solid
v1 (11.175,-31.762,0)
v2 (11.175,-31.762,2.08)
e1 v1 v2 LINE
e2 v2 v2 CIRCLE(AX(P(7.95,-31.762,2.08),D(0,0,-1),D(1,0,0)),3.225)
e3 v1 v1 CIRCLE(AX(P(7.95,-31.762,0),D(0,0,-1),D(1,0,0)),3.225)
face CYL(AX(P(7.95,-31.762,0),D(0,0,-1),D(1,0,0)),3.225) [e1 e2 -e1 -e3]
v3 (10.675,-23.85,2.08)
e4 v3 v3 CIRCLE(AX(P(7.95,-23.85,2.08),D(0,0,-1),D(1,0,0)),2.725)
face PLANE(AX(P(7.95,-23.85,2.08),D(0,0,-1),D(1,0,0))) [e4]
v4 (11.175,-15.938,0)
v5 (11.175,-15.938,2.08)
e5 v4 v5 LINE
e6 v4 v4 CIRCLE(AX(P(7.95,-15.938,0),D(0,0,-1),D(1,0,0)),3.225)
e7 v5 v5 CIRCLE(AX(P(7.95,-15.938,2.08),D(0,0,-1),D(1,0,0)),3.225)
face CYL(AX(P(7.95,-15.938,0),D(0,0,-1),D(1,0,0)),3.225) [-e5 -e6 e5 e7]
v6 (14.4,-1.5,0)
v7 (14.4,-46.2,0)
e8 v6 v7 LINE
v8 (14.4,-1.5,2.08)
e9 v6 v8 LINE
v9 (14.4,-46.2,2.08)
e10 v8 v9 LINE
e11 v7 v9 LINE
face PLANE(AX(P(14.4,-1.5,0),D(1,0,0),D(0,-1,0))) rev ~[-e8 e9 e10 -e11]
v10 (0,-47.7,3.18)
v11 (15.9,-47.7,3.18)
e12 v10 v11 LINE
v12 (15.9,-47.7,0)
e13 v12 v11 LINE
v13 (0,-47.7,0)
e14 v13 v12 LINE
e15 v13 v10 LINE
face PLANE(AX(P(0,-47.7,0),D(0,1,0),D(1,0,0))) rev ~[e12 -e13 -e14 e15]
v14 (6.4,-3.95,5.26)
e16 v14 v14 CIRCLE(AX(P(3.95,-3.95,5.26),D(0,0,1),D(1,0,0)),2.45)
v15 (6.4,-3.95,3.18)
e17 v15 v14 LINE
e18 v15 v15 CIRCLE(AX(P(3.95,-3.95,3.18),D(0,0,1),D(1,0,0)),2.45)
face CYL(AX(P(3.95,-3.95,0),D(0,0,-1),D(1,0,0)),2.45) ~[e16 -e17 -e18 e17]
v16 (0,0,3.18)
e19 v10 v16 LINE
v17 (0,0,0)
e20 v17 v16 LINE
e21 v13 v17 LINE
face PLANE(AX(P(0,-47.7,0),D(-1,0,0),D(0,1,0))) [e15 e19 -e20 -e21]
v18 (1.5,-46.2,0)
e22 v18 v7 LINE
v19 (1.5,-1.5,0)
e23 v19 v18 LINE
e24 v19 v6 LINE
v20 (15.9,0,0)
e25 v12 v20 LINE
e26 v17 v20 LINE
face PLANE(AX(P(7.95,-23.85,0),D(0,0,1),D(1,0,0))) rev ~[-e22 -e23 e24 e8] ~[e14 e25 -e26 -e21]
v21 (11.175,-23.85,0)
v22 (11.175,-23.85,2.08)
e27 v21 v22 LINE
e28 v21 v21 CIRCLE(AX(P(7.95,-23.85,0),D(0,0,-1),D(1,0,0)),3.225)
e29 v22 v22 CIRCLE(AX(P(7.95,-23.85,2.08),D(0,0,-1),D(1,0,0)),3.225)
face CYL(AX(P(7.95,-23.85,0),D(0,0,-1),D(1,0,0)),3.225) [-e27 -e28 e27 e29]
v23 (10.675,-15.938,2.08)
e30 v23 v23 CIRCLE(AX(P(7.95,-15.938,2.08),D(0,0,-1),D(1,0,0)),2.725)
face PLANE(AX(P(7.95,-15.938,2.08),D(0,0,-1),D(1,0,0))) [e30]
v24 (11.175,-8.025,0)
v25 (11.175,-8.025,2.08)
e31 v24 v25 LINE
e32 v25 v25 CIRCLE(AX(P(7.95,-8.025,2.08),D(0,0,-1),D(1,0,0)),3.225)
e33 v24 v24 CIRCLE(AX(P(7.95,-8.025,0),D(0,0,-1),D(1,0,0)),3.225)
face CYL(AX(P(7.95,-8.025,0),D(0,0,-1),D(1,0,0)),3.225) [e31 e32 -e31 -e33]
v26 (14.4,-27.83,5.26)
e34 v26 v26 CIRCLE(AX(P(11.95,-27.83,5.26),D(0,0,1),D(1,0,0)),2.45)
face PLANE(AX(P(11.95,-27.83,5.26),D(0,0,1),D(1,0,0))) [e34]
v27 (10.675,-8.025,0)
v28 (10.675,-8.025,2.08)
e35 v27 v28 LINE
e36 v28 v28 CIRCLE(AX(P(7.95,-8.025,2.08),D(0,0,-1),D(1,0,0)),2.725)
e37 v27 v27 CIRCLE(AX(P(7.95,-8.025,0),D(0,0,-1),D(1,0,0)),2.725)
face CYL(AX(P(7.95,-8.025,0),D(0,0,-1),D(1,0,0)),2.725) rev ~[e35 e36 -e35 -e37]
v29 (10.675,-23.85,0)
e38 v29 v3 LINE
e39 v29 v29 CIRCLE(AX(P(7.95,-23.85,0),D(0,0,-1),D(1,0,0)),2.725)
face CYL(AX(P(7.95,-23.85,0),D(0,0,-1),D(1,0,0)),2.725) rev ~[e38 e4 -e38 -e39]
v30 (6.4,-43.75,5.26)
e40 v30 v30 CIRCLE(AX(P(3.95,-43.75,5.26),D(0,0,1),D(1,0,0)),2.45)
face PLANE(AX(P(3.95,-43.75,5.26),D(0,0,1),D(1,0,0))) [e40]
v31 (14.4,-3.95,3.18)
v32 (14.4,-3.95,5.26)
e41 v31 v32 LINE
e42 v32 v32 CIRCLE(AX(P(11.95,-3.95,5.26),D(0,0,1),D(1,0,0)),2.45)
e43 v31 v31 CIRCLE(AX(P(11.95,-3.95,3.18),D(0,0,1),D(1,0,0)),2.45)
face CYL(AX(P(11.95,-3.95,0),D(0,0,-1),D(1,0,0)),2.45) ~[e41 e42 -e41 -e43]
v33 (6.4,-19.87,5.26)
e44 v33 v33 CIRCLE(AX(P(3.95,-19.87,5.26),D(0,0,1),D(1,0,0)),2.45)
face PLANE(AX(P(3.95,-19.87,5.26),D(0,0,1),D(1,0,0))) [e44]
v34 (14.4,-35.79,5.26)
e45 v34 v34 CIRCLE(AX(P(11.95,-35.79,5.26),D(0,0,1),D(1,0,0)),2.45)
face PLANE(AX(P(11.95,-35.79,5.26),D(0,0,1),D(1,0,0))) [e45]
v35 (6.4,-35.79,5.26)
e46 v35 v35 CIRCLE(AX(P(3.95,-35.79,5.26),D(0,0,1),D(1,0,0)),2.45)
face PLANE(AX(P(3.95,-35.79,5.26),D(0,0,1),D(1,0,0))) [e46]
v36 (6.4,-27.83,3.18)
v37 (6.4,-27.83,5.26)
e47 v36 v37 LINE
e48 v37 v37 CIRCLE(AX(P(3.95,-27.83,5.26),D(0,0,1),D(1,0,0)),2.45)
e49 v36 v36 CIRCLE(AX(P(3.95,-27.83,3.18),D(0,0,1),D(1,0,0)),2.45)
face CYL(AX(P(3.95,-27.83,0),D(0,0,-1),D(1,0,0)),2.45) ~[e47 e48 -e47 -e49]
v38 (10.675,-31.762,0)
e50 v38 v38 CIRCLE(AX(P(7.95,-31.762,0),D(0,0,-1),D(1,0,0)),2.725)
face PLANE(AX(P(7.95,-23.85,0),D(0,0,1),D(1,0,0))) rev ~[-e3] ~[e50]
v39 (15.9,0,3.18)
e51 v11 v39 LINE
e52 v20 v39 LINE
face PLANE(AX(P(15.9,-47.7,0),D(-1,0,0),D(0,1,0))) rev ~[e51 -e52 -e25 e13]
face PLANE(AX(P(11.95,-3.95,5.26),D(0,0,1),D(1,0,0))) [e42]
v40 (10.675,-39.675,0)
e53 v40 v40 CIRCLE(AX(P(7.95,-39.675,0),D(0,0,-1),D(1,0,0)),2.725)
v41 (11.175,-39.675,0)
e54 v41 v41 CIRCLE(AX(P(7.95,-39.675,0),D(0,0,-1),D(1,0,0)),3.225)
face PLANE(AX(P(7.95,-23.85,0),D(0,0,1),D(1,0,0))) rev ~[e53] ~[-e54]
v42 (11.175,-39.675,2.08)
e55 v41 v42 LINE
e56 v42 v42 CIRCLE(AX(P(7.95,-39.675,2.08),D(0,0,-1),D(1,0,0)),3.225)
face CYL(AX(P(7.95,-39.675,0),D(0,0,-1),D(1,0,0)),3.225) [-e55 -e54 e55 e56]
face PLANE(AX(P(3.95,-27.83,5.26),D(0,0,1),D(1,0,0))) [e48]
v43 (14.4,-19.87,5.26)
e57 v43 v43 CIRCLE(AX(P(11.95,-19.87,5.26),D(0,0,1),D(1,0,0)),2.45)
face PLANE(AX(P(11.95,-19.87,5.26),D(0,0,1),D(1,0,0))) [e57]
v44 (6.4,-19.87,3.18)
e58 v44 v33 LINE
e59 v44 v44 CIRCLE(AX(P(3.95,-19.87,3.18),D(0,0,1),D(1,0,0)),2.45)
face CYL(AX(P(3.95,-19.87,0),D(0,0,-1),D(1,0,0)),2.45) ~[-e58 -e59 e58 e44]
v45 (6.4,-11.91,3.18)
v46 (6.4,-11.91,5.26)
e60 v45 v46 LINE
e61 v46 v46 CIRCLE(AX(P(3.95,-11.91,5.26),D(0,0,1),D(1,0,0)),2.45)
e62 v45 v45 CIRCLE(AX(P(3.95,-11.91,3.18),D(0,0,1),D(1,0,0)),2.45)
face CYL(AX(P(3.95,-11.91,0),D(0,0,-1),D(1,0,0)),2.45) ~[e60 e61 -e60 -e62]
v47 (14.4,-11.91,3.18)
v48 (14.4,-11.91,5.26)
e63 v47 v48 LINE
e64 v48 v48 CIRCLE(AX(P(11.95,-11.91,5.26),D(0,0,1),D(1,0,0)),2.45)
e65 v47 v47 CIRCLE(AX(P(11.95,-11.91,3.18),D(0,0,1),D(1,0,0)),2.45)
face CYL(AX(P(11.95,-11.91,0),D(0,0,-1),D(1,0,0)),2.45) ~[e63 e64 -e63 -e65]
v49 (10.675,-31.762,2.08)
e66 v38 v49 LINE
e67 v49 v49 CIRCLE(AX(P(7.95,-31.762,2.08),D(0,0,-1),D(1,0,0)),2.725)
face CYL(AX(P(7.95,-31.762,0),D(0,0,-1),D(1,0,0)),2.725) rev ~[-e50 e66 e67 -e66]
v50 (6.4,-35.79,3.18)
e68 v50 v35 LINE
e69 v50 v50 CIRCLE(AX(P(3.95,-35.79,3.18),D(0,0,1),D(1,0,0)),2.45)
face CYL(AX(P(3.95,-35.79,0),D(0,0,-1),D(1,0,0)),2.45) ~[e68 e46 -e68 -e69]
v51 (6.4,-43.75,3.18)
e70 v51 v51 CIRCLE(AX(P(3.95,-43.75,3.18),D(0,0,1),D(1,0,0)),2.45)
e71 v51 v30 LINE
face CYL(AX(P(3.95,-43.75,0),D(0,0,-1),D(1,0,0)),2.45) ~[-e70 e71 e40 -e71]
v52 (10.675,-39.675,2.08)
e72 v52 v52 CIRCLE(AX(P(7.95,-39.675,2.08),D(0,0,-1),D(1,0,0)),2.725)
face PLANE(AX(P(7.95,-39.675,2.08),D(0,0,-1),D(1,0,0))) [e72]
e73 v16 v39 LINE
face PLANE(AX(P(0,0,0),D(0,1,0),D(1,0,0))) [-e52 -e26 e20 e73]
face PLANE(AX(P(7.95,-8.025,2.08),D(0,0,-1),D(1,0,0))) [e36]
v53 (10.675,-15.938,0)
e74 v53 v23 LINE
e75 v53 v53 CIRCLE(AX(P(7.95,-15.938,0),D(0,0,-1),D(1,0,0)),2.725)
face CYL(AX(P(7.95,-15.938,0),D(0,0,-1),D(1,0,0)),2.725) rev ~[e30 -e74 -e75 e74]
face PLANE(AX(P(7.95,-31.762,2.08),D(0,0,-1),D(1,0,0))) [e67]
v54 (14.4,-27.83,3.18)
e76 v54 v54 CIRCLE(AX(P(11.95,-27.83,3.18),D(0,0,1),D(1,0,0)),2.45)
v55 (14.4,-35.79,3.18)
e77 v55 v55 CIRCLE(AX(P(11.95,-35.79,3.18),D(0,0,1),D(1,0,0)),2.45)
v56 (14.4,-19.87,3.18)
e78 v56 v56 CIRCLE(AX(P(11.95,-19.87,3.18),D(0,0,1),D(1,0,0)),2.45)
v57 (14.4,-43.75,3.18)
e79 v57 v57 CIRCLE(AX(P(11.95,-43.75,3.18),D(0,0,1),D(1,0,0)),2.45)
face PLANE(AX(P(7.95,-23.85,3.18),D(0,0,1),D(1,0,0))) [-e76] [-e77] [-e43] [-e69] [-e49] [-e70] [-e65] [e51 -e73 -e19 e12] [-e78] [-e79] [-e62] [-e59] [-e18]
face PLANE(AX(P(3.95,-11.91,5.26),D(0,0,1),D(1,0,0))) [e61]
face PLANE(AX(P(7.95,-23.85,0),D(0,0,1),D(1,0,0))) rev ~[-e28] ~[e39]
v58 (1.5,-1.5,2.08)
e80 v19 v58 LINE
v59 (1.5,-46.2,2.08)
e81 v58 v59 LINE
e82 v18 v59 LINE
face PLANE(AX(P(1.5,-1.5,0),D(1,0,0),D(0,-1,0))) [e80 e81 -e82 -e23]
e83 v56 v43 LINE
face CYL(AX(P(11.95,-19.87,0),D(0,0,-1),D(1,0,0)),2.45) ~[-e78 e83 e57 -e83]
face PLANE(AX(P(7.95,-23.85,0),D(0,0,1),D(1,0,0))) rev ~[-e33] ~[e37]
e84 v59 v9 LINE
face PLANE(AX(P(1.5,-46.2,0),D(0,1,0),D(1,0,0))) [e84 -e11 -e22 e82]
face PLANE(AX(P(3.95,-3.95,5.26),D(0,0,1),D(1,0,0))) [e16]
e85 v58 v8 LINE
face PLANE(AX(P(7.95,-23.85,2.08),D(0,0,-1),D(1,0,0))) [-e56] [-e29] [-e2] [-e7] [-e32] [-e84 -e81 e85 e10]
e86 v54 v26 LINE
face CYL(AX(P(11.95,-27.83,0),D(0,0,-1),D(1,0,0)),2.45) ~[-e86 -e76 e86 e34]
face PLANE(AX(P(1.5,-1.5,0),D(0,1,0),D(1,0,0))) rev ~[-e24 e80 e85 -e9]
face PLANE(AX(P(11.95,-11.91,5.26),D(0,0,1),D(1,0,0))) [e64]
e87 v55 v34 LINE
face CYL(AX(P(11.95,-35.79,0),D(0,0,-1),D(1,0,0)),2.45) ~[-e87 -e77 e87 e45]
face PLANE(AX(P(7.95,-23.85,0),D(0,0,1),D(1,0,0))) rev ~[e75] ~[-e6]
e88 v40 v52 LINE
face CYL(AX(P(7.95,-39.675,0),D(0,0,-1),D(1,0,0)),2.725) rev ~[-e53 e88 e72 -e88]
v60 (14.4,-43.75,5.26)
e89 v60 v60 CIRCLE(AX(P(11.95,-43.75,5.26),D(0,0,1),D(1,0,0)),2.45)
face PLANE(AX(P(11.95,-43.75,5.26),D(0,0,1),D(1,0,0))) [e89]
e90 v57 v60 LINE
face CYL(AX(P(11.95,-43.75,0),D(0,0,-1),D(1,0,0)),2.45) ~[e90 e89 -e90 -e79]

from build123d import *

# Parameters (mm, degrees)
F0_W     = 15.9
F0_H     = 47.7
F0_R     = 2.45
F1_DEPTH = 3.18
F2_DEPTH = 5.26
F3_W     = 12.9
F3_H     = 44.7
F3_R     = 3.225
F3_R_2   = 2.725
F4_DEPTH = 2.08


with BuildPart() as f1:
    # F0 (on Top) → F1 (new body)
    with BuildSketch(Plane.XY):
        with Locations((7.95, -23.85)):
            Rectangle(F0_W, F0_H)
        with Locations((3.95, -43.75)):
            Circle(F0_R, mode=Mode.SUBTRACT)
        with Locations((3.95, -35.79)):
            Circle(F0_R, mode=Mode.SUBTRACT)
        with Locations((3.95, -27.83)):
            Circle(F0_R, mode=Mode.SUBTRACT)
        with Locations((11.95, -43.75)):
            Circle(F0_R, mode=Mode.SUBTRACT)
        with Locations((11.95, -35.79)):
            Circle(F0_R, mode=Mode.SUBTRACT)
        with Locations((11.95, -27.83)):
            Circle(F0_R, mode=Mode.SUBTRACT)
        with Locations((3.95, -19.87)):
            Circle(F0_R, mode=Mode.SUBTRACT)
        with Locations((3.95, -11.91)):
            Circle(F0_R, mode=Mode.SUBTRACT)
        with Locations((3.95, -3.95)):
            Circle(F0_R, mode=Mode.SUBTRACT)
        with Locations((11.95, -19.87)):
            Circle(F0_R, mode=Mode.SUBTRACT)
        with Locations((11.95, -11.91)):
            Circle(F0_R, mode=Mode.SUBTRACT)
        with Locations((11.95, -3.95)):
            Circle(F0_R, mode=Mode.SUBTRACT)
    extrude(amount=F1_DEPTH)

    # F0 (on Top) → F2 (join)
    with BuildSketch(Plane.XY):
        with Locations((3.95, -3.95)):
            Circle(F0_R)
        with Locations((11.95, -3.95)):
            Circle(F0_R)
        with Locations((11.95, -11.91)):
            Circle(F0_R)
        with Locations((3.95, -11.91)):
            Circle(F0_R)
        with Locations((3.95, -19.87)):
            Circle(F0_R)
        with Locations((11.95, -19.87)):
            Circle(F0_R)
        with Locations((11.95, -27.83)):
            Circle(F0_R)
        with Locations((3.95, -27.83)):
            Circle(F0_R)
        with Locations((3.95, -35.79)):
            Circle(F0_R)
        with Locations((11.95, -35.79)):
            Circle(F0_R)
        with Locations((11.95, -43.75)):
            Circle(F0_R)
        with Locations((3.95, -43.75)):
            Circle(F0_R)
    extrude(amount=F2_DEPTH)

    # F3 (on face) → F4 (cut)
    with BuildSketch(Plane(origin=(0, 0, 0), x_dir=(1, 0, 0), z_dir=(0, 0, -1))):
        with Locations((7.95, 23.85)):
            Rectangle(F3_W, F3_H)
        with Locations((7.95, 8.025)):
            Circle(F3_R, mode=Mode.SUBTRACT)
        with Locations((7.95, 15.938)):
            Circle(F3_R, mode=Mode.SUBTRACT)
        with Locations((7.95, 23.85)):
            Circle(F3_R, mode=Mode.SUBTRACT)
        with Locations((7.95, 31.762)):
            Circle(F3_R, mode=Mode.SUBTRACT)
        with Locations((7.95, 39.675)):
            Circle(F3_R, mode=Mode.SUBTRACT)
        with Locations((7.95, 39.675)):
            Circle(F3_R_2)
        with Locations((7.95, 31.762)):
            Circle(F3_R_2)
        with Locations((7.95, 23.85)):
            Circle(F3_R_2)
        with Locations((7.95, 15.938)):
            Circle(F3_R_2)
        with Locations((7.95, 8.025)):
            Circle(F3_R_2)
    extrude(amount=-F4_DEPTH, mode=Mode.SUBTRACT)


solid = f1.part
